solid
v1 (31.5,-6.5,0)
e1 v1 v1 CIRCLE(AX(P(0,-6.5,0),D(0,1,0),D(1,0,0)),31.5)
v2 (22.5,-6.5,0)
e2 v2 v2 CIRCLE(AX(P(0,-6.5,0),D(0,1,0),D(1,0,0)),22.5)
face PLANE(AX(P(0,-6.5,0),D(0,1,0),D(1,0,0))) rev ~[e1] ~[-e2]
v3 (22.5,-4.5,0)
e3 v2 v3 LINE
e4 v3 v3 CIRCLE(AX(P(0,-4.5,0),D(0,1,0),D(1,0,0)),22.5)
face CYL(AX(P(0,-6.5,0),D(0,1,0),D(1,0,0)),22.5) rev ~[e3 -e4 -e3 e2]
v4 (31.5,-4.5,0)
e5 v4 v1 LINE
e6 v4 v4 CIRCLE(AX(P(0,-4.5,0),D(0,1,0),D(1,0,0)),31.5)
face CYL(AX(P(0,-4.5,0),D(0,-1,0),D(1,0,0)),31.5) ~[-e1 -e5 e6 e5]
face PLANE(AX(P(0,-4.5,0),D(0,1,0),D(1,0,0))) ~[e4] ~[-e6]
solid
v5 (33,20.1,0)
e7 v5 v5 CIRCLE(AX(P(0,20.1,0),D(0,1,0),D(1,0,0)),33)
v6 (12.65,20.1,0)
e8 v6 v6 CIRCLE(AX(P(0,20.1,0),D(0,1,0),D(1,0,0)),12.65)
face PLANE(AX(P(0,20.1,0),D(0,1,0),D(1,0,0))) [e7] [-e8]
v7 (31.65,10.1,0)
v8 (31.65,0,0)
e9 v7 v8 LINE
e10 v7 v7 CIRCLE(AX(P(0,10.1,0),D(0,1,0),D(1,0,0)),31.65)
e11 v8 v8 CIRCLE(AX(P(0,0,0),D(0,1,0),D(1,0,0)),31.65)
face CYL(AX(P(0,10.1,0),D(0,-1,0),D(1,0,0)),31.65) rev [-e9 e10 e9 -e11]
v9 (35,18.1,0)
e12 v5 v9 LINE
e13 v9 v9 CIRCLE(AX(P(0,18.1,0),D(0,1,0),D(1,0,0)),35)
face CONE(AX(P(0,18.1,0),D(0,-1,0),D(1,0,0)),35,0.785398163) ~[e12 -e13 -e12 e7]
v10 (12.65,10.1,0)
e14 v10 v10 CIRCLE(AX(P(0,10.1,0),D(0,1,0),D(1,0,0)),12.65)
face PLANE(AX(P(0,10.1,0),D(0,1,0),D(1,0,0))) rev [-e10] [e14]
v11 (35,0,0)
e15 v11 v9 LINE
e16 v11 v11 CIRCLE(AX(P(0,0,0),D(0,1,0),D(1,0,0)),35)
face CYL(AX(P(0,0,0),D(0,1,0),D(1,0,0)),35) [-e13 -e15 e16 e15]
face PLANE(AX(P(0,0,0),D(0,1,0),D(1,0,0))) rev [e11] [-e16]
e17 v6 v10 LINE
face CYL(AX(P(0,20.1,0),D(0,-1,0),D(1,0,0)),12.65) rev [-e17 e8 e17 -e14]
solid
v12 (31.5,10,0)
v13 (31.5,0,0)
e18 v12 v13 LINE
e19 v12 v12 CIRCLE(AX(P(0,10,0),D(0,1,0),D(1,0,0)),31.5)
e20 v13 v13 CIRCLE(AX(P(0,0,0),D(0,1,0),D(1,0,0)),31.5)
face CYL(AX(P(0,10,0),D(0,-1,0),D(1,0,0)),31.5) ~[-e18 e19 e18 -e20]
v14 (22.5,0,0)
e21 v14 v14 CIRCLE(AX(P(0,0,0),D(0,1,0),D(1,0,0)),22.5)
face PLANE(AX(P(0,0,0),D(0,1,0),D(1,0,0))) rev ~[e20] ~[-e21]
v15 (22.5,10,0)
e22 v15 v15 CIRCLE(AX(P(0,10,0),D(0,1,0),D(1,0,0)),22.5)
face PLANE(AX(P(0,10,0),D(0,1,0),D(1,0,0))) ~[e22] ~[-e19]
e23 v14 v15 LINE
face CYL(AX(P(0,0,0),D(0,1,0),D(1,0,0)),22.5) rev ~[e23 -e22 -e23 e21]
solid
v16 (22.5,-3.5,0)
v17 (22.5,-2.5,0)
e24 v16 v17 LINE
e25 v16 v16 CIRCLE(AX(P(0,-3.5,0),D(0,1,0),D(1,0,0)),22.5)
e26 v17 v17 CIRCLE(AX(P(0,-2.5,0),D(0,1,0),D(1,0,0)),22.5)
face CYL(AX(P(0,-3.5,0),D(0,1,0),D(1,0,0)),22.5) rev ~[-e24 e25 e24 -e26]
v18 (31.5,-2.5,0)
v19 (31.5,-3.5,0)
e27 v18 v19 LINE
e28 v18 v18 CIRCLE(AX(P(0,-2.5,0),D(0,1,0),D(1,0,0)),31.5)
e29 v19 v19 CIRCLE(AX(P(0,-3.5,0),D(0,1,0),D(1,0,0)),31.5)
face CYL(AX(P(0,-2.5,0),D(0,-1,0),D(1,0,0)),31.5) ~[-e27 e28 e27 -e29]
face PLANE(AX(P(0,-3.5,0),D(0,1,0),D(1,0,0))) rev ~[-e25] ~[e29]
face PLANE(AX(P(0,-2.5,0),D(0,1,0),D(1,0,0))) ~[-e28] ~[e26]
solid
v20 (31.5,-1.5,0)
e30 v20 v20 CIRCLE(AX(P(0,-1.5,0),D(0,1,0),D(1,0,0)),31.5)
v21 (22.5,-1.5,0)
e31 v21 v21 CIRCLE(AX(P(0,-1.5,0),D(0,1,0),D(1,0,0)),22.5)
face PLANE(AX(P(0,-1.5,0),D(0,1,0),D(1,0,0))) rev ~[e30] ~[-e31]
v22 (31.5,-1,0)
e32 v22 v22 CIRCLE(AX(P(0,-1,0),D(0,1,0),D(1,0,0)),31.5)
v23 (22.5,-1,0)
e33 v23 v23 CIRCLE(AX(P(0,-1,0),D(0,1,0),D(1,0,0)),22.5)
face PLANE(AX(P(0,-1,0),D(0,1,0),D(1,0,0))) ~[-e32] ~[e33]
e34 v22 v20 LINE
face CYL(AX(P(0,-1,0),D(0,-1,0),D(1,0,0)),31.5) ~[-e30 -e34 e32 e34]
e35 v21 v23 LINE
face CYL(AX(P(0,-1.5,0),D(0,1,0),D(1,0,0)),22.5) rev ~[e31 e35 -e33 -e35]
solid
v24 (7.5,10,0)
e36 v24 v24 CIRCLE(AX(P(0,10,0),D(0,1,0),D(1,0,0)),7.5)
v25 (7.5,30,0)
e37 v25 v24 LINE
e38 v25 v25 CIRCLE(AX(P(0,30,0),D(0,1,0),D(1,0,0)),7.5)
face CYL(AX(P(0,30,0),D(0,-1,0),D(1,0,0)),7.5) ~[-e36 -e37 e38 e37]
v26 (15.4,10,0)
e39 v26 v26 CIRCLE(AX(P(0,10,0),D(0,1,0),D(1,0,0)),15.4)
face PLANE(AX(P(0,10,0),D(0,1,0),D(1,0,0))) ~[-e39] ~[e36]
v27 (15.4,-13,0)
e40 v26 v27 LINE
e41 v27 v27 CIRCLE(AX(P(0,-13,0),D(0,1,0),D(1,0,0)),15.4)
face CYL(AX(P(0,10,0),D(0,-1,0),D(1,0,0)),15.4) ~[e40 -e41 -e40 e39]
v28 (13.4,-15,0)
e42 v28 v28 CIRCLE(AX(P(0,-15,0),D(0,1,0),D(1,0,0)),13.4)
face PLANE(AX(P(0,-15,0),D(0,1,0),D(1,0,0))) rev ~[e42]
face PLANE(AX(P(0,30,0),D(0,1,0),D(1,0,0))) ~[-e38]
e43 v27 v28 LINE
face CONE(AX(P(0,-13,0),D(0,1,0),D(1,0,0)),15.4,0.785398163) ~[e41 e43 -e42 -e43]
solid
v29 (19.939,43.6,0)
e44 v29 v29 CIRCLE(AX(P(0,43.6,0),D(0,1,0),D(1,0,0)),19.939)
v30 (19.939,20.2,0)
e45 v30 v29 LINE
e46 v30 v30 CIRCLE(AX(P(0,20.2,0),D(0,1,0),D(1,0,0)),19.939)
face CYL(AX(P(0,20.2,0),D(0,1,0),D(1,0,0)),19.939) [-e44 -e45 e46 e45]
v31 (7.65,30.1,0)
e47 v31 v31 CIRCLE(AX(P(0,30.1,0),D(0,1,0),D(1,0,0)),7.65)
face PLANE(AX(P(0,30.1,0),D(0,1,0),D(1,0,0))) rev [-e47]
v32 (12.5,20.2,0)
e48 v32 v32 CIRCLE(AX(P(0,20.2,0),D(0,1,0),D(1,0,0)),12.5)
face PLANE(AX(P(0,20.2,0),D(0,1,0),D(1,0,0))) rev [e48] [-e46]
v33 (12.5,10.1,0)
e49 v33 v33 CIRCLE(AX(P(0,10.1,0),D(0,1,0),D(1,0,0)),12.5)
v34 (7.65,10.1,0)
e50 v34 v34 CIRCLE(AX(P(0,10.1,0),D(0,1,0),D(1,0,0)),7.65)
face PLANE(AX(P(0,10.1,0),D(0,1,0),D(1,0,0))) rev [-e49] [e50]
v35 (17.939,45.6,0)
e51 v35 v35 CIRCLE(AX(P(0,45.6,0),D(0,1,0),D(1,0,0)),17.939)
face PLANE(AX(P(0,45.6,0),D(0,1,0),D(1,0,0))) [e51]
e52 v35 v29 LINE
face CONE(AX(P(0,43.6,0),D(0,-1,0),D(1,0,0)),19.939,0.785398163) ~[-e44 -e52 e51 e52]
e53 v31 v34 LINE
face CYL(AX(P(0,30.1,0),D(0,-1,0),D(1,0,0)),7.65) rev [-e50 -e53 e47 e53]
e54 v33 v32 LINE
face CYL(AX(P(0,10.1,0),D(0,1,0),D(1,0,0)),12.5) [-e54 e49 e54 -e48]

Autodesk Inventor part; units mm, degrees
ref_plane "YZ Plane" through (0, 0, 0) normal (1, 0, 0) x (0, 1, 0)
ref_plane "XZ Plane" through (0, 0, 0) normal (0, 1, 0) x (-1, 0, 0)
ref_plane "XY Plane" through (0, 0, 0) normal (0, 0, 1) x (1, 0, 0)
sketch "Sketch1" plane through (0, 0, 0) normal (0, 0, 1) x (1, 0, 0)
  line L0 (31.65, 0) -> (35, 0)
  line L1 (35, 0) -> (35, 20.1)
  line L2 (35, 20.1) -> (12.65, 20.1)
  line L3 (12.65, 20.1) -> (12.65, 10.1)
  line L4 (12.65, 10.1) -> (31.65, 10.1)
  line L5 (31.65, 10.1) -> (31.65, 0)
  line L6 (22.5, 10) -> (31.5, 10)
  line L7 (31.5, 10) -> (31.5, 0)
  line L8 (31.5, 0) -> (22.5, 0)
  line L9 (22.5, 0) -> (22.5, 10)
  line L10 (12.5, 10.1) -> (12.5, 20.2)
  line L11 (12.5, 20.2) -> (19.939, 20.2)
  line L12 (19.939, 20.2) -> (19.939, 45.6)
  line L13 (19.939, 45.6) -> (0, 45.6)
  line L14 (7.65, 30.1) -> (7.65, 10.1)
  line L15 (7.65, 10.1) -> (12.5, 10.1)
  line L16 (0, 30) -> (7.5, 30)
  line L17 (7.5, 30) -> (7.5, 10)
  line L18 (7.5, 10) -> (15.4, 10)
  line L19 (15.4, 10) -> (15.4, -15)
  line L20 (15.4, -15) -> (0, -15)
  line L21 (0, -15) -> (0, 30)
  line L22 (22.5, -2.5) -> (31.5, -2.5)
  line L23 (31.5, -2.5) -> (31.5, -3.5)
  line L24 (31.5, -3.5) -> (22.5, -3.5)
  line L25 (22.5, -3.5) -> (22.5, -2.5)
  line L26 (22.5, -4.5) -> (31.5, -4.5)
  line L27 (31.5, -4.5) -> (31.5, -6.5)
  line L28 (31.5, -6.5) -> (22.5, -6.5)
  line L29 (22.5, -6.5) -> (22.5, -4.5)
  line L30 (22.5, -1) -> (31.5, -1)
  line L31 (31.5, -1) -> (31.5, -1.5)
  line L32 (31.5, -1.5) -> (22.5, -1.5)
  line L33 (22.5, -1.5) -> (22.5, -1)
  line L34 (0, 45.6) -> (0, 30.1)
  line L35 (0, 30.1) -> (7.65, 30.1)
  point P0 (0, 0)
  dimension "d0" = 35
  dimension "d1" = 19.939
  dimension "d2" = 12.5
  dimension "d3" = 7.5
  dimension "d5" = 22.5
  dimension "d7" = 31.5
  dimension "d8" = 0.1
  dimension "d9" = 0.15
  dimension "d10" = 10
  dimension "d11" = 0.15
  dimension "d12" = 0.1
  dimension "d13" = 10
  dimension "d14" = 0.15
  dimension "d15" = 0.1
  dimension "d16" = 25.4
  dimension "d17" = 20
  dimension "d19" = 15
  dimension "d20" = 15.4
  dimension "d21" = 1
  dimension "d22" = 2
  dimension "d23" = 0.5
  dimension "d24" = 1
  dimension "d25" = 1
  dimension "d26" = 1
  dimension "d27" = 0.1
revolve "Revolution1" add sketch "Sketch1" angle 360 about axis through (0, -15, 0) along (0, 1, 0)
chamfer "Chamfer1" distance 2 angle 45 3 edges at (-19.939, 45.6, 0) (-35, 20.1, 0) (-15.4, -15, 0)
equation "\"d8\" = y_tol"
equation "\"d9\" = x_tol"
equation "\"d11\" = x_tol"
equation "\"d12\" = y_tol"
equation "\"d14\" = x_tol"
equation "\"d15\" = y_tol"
equation "\"d27\" = y_tol"
equation "\"x_tol\" = 0.15"
equation "\"y_tol\" = 0.1"
properties part number "for_09G_-_axle_seal_installer"
